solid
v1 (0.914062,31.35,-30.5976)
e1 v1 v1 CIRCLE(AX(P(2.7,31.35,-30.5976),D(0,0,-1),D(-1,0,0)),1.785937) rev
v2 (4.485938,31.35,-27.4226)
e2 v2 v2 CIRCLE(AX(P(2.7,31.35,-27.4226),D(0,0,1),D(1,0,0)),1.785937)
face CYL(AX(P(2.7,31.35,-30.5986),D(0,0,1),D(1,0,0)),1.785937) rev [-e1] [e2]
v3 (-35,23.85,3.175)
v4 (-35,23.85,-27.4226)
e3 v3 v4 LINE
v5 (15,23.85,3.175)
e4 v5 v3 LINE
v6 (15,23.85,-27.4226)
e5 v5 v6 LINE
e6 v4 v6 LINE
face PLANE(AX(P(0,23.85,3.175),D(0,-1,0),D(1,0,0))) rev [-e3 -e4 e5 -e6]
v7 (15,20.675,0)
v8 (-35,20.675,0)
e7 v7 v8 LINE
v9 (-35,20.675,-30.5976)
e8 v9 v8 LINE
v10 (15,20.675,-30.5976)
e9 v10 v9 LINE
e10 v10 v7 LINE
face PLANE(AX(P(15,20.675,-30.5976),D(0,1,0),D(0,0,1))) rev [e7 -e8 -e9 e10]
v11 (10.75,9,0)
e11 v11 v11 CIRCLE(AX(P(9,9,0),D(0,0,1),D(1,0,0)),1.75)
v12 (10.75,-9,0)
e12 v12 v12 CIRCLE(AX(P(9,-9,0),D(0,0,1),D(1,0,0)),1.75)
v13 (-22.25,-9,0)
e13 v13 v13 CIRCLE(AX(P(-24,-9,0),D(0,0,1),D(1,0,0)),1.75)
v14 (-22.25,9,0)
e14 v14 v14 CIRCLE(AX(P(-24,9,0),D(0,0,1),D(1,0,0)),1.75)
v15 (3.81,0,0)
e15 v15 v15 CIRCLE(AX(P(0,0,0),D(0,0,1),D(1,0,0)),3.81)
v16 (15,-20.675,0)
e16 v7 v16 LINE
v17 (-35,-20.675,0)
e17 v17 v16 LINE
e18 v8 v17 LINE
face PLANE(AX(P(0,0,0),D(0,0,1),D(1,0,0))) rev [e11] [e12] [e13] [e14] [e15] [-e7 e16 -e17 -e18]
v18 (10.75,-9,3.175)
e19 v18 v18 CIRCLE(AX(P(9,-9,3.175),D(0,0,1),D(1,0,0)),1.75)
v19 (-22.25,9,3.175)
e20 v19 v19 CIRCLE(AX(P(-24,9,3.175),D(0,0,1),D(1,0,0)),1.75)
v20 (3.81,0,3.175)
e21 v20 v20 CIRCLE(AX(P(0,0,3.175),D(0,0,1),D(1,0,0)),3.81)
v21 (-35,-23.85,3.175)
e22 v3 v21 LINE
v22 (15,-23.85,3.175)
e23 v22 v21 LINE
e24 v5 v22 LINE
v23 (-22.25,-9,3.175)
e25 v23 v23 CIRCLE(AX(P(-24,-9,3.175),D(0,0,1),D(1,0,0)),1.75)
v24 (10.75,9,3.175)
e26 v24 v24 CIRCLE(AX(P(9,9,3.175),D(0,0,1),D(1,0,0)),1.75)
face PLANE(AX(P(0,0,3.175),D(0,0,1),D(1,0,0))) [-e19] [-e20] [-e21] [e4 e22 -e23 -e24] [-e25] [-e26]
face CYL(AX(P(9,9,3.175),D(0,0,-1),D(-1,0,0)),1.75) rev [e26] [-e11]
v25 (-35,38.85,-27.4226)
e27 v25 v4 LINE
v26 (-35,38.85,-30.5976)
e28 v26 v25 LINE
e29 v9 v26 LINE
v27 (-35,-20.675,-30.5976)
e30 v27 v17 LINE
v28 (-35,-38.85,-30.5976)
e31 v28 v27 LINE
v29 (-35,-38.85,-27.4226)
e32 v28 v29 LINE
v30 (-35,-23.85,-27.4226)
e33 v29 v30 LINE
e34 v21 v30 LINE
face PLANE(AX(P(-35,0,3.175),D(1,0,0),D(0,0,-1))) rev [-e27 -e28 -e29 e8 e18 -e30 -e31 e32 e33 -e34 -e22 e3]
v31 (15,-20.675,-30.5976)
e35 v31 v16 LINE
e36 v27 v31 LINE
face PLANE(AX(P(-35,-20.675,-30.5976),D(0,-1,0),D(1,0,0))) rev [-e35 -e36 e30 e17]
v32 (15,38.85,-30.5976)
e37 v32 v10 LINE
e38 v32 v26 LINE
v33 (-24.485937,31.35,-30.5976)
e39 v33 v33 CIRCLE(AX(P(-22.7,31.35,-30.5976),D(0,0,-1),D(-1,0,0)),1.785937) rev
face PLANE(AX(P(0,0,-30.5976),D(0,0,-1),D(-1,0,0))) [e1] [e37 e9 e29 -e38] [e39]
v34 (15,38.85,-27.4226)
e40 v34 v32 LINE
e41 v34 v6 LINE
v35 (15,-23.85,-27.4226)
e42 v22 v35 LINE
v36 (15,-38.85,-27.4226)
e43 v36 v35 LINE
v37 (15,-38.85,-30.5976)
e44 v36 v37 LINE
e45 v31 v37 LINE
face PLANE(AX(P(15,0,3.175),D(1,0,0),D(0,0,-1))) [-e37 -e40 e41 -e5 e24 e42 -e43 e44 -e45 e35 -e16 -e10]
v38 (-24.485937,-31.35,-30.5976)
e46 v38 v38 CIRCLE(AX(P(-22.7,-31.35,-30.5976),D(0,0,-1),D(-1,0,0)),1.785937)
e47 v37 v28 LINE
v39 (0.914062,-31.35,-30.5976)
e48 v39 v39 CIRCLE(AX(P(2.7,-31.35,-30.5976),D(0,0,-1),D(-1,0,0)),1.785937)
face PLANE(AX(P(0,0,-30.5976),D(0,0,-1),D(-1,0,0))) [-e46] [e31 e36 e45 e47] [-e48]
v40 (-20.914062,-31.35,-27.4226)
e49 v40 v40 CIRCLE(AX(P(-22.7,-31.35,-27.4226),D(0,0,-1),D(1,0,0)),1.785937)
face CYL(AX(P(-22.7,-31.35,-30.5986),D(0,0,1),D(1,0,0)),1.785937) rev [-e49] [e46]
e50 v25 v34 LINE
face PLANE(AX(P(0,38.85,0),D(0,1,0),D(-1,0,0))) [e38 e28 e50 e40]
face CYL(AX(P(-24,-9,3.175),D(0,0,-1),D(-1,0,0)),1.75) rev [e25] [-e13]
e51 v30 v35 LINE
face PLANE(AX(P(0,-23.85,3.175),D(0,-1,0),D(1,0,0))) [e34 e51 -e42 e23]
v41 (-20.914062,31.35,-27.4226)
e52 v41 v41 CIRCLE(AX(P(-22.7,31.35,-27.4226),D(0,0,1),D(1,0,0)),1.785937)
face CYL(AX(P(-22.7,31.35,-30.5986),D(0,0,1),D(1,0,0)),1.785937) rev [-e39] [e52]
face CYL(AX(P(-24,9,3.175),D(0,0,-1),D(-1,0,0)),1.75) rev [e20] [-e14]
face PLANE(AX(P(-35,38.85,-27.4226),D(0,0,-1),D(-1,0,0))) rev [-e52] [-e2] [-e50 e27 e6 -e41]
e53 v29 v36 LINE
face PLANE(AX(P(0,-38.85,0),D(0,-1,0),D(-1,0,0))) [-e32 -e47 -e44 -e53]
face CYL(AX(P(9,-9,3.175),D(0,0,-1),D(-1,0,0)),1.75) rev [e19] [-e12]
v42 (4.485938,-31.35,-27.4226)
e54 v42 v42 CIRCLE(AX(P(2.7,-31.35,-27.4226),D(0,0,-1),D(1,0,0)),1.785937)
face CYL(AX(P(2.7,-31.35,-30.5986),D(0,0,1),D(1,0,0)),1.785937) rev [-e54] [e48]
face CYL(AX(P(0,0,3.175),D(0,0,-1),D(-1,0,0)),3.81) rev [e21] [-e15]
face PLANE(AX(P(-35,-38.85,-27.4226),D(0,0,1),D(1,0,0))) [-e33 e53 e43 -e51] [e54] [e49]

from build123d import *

# Parameters (mm, degrees)
SKETCH1_W           = 50
SKETCH1_H           = 47.7
SKETCH1_R           = 1.75
SKETCH1_R_2         = 3.81
BOSS_EXTRUDE1_DEPTH = 3.175
SKETCH2_W           = 50
SKETCH2_H           = 3.175
BOSS_EXTRUDE2_DEPTH = 30.5976
SKETCH3_W           = 50
SKETCH3_H           = 3.175
BOSS_EXTRUDE3_DEPTH = 15
CUT_EXTRUDE1_REACH  = 62.585
SKETCH4_R           = 1.7859375


with BuildPart() as part:
    # Sketch1 → Boss-Extrude1 (new body)
    with BuildSketch(Plane.XY):
        with Locations((-10, 0)):
            Rectangle(SKETCH1_W, SKETCH1_H)
        with Locations((-24, 9)):
            Circle(SKETCH1_R, mode=Mode.SUBTRACT)
        with Locations((-24, -9)):
            Circle(SKETCH1_R, mode=Mode.SUBTRACT)
        with Locations((9, -9)):
            Circle(SKETCH1_R, mode=Mode.SUBTRACT)
        with Locations((9, 9)):
            Circle(SKETCH1_R, mode=Mode.SUBTRACT)
        Circle(SKETCH1_R_2, mode=Mode.SUBTRACT)
    extrude(amount=BOSS_EXTRUDE1_DEPTH)

    # Sketch2 → Boss-Extrude2 (add)
    with BuildSketch(Plane(origin=(0, 0, 0), x_dir=(-1, 0, 0), z_dir=(0, 0, -1))):
        with Locations((10, -22.2625)):
            Rectangle(SKETCH2_W, SKETCH2_H)
        with Locations((10, 22.2625)):
            Rectangle(SKETCH2_W, SKETCH2_H)
    extrude(amount=BOSS_EXTRUDE2_DEPTH)

    # Sketch3 → Boss-Extrude3 (add)
    with BuildSketch(Plane(origin=(0, 23.85, 0), x_dir=(1, 0, 0), z_dir=(0, 1, 0))):
        with Locations((-10, 29.0101)):
            Rectangle(SKETCH3_W, SKETCH3_H)
    boss_extrude3 = extrude(amount=BOSS_EXTRUDE3_DEPTH)

    # Sketch4 → Cut-Extrude1 (cut, up to next)
    with BuildSketch(Plane.XY.offset(-27.4226), mode=Mode.PRIVATE) as cut_extrude1_sk1:
        with Locations((2.7, 31.35)):
            Circle(SKETCH4_R)
    cut_extrude1_tool1 = extrude(cut_extrude1_sk1.sketch, amount=-CUT_EXTRUDE1_REACH, mode=Mode.PRIVATE) & part.part
    # Sketch4 → Cut-Extrude1 (cut, up to next)
    with BuildSketch(Plane.XY.offset(-27.4226), mode=Mode.PRIVATE) as cut_extrude1_sk2:
        with Locations((-22.7, 31.35)):
            Circle(SKETCH4_R)
    cut_extrude1_tool2 = extrude(cut_extrude1_sk2.sketch, amount=-CUT_EXTRUDE1_REACH, mode=Mode.PRIVATE) & part.part
    cut_extrude1_1 = cut_extrude1_tool1.solids().sort_by_distance((2.7, 31.35, -27.4226))[0]
    add(cut_extrude1_1, mode=Mode.SUBTRACT)
    cut_extrude1_2 = cut_extrude1_tool2.solids().sort_by_distance((-22.7, 31.35, -27.4226))[0]
    add(cut_extrude1_2, mode=Mode.SUBTRACT)
    cut_extrude1 = cut_extrude1_1 + cut_extrude1_2  # Cut-Extrude1 as one shape, for the pattern or mirror that repeats it

    # Mirror1: Boss-Extrude3, Cut-Extrude1 across plane
    add(boss_extrude3.mirror(Plane.ZX))
    add(cut_extrude1.mirror(Plane.ZX), mode=Mode.SUBTRACT)


solid = part.part
